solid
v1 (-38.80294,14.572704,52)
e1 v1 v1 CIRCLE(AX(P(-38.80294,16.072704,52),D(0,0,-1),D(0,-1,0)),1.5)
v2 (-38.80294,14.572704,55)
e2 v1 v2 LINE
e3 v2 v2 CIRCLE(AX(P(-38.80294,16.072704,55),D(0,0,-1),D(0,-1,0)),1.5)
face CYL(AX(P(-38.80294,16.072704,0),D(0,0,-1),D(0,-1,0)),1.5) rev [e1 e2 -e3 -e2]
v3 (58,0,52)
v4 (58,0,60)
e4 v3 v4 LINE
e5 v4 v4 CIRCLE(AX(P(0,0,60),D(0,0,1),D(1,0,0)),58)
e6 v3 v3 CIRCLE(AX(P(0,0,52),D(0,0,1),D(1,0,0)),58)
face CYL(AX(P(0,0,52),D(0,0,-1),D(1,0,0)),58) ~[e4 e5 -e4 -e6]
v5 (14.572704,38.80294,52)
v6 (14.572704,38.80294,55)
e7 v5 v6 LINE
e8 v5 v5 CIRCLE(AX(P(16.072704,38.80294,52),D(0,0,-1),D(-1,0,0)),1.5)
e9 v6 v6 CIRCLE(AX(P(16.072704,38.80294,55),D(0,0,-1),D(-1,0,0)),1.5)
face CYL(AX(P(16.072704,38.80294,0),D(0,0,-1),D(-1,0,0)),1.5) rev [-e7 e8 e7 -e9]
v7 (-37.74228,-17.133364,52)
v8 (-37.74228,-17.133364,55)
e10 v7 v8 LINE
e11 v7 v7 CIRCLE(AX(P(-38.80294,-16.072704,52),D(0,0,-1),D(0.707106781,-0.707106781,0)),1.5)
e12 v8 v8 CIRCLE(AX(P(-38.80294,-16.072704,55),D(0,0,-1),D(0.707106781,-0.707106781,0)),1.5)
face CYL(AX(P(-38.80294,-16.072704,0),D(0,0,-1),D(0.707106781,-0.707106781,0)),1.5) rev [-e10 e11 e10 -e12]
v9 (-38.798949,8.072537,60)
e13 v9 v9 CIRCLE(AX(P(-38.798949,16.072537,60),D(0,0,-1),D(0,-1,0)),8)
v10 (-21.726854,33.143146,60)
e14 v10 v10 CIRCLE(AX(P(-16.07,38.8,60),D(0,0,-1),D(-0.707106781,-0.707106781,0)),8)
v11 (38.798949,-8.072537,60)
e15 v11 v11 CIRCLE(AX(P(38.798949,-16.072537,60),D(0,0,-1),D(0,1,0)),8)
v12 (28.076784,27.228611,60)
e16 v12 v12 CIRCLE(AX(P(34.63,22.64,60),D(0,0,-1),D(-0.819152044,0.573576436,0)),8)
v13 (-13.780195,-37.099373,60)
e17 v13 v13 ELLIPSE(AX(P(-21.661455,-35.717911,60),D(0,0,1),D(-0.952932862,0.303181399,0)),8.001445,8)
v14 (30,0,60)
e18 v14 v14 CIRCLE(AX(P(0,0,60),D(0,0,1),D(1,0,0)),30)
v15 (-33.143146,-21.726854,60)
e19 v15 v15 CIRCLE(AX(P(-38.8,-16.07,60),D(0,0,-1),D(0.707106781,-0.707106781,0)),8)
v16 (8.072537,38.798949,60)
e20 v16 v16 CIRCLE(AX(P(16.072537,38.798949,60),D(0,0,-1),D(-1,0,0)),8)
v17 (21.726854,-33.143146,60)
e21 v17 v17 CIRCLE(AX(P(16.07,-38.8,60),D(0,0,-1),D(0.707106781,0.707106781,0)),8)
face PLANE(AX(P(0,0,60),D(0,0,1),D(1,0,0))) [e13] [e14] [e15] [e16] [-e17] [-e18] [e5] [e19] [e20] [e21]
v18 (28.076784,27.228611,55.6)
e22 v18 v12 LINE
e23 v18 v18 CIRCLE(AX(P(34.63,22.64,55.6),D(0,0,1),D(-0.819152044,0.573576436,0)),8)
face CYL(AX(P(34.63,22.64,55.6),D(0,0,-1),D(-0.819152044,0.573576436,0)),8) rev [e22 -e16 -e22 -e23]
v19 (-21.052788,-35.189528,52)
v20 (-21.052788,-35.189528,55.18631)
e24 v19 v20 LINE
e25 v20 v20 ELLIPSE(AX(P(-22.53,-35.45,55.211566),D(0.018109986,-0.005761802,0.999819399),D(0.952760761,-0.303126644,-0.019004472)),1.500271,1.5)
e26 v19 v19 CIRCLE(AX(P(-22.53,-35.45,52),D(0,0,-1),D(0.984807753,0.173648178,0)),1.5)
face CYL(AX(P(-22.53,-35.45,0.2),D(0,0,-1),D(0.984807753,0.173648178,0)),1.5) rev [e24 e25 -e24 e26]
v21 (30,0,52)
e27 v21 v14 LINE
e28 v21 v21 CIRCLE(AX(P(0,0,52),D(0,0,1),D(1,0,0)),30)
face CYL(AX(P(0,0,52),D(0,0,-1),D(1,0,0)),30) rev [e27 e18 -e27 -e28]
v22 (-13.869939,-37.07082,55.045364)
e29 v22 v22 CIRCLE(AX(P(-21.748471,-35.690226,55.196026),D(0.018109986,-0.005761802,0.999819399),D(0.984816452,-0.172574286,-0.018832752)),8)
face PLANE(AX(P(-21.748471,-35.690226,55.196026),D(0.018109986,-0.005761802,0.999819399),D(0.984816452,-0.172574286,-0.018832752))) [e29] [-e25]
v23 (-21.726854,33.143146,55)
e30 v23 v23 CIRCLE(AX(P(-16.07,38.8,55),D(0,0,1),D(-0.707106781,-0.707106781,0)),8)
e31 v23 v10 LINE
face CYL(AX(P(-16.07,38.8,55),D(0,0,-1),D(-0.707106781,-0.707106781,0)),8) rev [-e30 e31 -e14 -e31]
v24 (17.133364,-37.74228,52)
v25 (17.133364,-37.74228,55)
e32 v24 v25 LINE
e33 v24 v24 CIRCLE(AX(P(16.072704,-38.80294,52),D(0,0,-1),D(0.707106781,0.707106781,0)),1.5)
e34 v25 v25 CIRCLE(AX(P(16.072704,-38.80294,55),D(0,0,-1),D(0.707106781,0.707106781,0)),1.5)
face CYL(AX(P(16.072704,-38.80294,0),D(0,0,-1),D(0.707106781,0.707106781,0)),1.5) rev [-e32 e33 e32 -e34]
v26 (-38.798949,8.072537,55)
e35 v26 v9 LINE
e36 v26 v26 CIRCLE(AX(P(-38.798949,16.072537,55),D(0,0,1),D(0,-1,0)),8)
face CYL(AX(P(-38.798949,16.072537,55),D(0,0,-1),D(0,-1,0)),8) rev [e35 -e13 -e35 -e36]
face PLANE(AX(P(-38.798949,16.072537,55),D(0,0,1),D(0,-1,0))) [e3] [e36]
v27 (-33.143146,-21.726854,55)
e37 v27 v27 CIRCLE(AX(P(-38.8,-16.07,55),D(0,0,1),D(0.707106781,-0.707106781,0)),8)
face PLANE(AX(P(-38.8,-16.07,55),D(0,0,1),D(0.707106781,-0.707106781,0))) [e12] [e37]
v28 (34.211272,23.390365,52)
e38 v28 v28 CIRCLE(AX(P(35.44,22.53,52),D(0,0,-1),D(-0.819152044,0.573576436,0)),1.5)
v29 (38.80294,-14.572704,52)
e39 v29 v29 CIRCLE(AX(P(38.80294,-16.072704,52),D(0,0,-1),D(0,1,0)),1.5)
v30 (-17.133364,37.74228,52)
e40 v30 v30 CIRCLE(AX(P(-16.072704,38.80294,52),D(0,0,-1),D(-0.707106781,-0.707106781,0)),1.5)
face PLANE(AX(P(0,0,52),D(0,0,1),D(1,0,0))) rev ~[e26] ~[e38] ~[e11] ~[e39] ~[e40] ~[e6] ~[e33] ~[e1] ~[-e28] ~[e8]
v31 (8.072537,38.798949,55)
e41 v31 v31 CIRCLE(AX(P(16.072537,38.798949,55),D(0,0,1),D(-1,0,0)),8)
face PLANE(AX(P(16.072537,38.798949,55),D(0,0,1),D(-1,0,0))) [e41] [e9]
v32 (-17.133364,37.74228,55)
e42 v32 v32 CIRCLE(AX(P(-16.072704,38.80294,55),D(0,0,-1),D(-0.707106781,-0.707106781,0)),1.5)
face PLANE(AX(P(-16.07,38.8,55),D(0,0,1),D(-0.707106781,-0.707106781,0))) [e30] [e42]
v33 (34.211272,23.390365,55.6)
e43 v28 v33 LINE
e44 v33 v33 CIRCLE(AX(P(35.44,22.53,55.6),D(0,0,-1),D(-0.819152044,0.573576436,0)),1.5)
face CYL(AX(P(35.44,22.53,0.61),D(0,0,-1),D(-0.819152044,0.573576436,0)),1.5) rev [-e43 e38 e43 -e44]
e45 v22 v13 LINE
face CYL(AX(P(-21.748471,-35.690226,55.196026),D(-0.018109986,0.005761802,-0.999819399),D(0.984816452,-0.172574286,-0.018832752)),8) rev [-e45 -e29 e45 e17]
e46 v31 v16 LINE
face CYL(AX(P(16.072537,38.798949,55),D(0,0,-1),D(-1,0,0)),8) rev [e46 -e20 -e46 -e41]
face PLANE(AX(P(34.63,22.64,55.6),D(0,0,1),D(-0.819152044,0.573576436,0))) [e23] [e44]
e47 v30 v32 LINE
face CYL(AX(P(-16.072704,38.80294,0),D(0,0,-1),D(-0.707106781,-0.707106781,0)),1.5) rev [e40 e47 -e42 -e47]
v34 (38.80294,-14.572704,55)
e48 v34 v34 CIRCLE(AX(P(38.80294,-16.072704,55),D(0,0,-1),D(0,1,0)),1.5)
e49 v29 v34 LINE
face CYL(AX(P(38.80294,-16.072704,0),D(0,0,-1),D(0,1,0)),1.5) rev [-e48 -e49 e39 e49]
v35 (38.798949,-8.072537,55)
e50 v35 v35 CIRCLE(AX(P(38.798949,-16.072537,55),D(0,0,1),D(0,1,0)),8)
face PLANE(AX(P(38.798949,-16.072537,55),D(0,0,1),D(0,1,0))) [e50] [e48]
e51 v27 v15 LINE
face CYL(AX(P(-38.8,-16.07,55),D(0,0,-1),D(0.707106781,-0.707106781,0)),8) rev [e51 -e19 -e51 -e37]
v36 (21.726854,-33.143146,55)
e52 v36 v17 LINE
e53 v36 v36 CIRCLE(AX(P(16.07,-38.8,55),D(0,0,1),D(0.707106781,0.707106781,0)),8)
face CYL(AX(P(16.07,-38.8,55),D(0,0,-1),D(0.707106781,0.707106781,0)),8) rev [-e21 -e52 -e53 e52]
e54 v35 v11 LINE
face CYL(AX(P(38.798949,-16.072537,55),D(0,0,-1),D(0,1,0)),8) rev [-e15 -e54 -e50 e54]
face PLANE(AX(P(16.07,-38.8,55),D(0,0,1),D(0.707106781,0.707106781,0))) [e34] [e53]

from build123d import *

# Parameters (mm, degrees)
CYLINDER702_R               = 1.5
CYLINDER702_DEPTH           = 100
CYLINDER708_R               = 1.5
CYLINDER708_DEPTH           = 100
CYLINDER708_PLACEMENT_ANGLE = 145
CYLINDER699_R               = 1.5
CYLINDER699_DEPTH           = 100
CYLINDER707_R               = 1.5
CYLINDER707_DEPTH           = 100
CYLINDER707_PLACEMENT_ANGLE = 225
CYLINDER711_R               = 1.5
CYLINDER711_DEPTH           = 100
CYLINDER710_R               = 1.5
CYLINDER710_DEPTH           = 100
CYLINDER710_PLACEMENT_ANGLE = 45
CYLINDER701_R               = 1.5
CYLINDER701_DEPTH           = 100
CYLINDER701_PLACEMENT_ANGLE = 10
CYLINDER706_R               = 1.5
CYLINDER706_DEPTH           = 100
CYLINDER706_PLACEMENT_ANGLE = 45
CYLINDER713_R               = 8
CYLINDER713_DEPTH           = 18
CYLINDER704_R               = 8
CYLINDER704_DEPTH           = 18
CYLINDER704_PLACEMENT_ANGLE = 225
CYLINDER700_R               = 8
CYLINDER700_DEPTH           = 18
CYLINDER698_R               = 8
CYLINDER698_DEPTH           = 18
CYLINDER698_PLACEMENT_ANGLE = 145
CYLINDER712_R               = 8
CYLINDER712_DEPTH           = 18
CYLINDER709_R               = 8
CYLINDER709_DEPTH           = 18
CYLINDER709_PLACEMENT_ANGLE = 45
CYLINDER705_R               = 8
CYLINDER705_DEPTH           = 18
CYLINDER705_ROLL_ANGLE      = 0.146073
CYLINDER705_PITCH_ANGLE     = 1.079101
CYLINDER705_PLACEMENT_ANGLE = -9.939308
CYLINDER703_R               = 8
CYLINDER703_DEPTH           = 18
CYLINDER703_PLACEMENT_ANGLE = 45
TUBE076_R                   = 58
TUBE076_R_2                 = 30
TUBE076_DEPTH               = 8


with BuildPart() as v_lec702:
    # Cylinder702 → Cylinder702 (new body)
    with BuildSketch(Plane(origin=(38.80294, -16.072704, 0), x_dir=(0, 1, 0), z_dir=(0, 0, 1))):
        Circle(CYLINDER702_R)
    extrude(amount=CYLINDER702_DEPTH)


with BuildPart() as v_lec708:
    # Cylinder708 → Cylinder708 (new body)
    with BuildSketch(Plane.XY):
        Circle(CYLINDER708_R)
    extrude(amount=CYLINDER708_DEPTH)


with BuildPart() as v_lec708_1:
    # Cylinder708 placement: moved
    add(v_lec708.part.moved(Location((35.44, 22.53, 0.61))).rotate(Axis((35.44, 22.53, 0.61), (0, 0, 1)), CYLINDER708_PLACEMENT_ANGLE))


with BuildPart() as v_lec699:
    # Cylinder699 → Cylinder699 (new body)
    with BuildSketch(Plane(origin=(16.072704, 38.80294, 0), x_dir=(-1, 0, 0), z_dir=(0, 0, 1))):
        Circle(CYLINDER699_R)
    extrude(amount=CYLINDER699_DEPTH)


with BuildPart() as v_lec707:
    # Cylinder707 → Cylinder707 (new body)
    with BuildSketch(Plane.XY):
        Circle(CYLINDER707_R)
    extrude(amount=CYLINDER707_DEPTH)


with BuildPart() as v_lec707_1:
    # Cylinder707 placement: moved
    add(v_lec707.part.moved(Location((-16.072704, 38.80294, 0))).rotate(Axis((-16.072704, 38.80294, 0), (0, 0, 1)), CYLINDER707_PLACEMENT_ANGLE))


with BuildPart() as v_lec711:
    # Cylinder711 → Cylinder711 (new body)
    with BuildSketch(Plane(origin=(-38.80294, 16.072704, 0), x_dir=(0, -1, 0), z_dir=(0, 0, 1))):
        Circle(CYLINDER711_R)
    extrude(amount=CYLINDER711_DEPTH)


with BuildPart() as v_lec710:
    # Cylinder710 → Cylinder710 (new body)
    with BuildSketch(Plane.XY):
        Circle(CYLINDER710_R)
    extrude(amount=CYLINDER710_DEPTH)


with BuildPart() as v_lec710_1:
    # Cylinder710 placement: moved
    add(v_lec710.part.moved(Location((-38.80294, -16.072704, 0))).rotate(Axis((-38.80294, -16.072704, 0), (0, 0, -1)), CYLINDER710_PLACEMENT_ANGLE))


with BuildPart() as v_lec701:
    # Cylinder701 → Cylinder701 (new body)
    with BuildSketch(Plane.XY):
        Circle(CYLINDER701_R)
    extrude(amount=CYLINDER701_DEPTH)


with BuildPart() as v_lec701_1:
    # Cylinder701 placement: moved
    add(v_lec701.part.moved(Location((-22.53, -35.45, 0.2))).rotate(Axis((-22.53, -35.45, 0.2), (0, 0, 1)), CYLINDER701_PLACEMENT_ANGLE))


with BuildPart() as compound697:
    # Cylinder706 → Cylinder706 (new body)
    with BuildSketch(Plane.XY):
        Circle(CYLINDER706_R)
    extrude(amount=CYLINDER706_DEPTH)


with BuildPart() as compound697_1:
    # Cylinder706 placement: moved
    add(compound697.part.moved(Location((16.072704, -38.80294, 0))).rotate(Axis((16.072704, -38.80294, 0), (0, 0, 1)), CYLINDER706_PLACEMENT_ANGLE))

    # Compound697: union Válec702, Válec708, Válec699, Válec707, Válec711, Válec710, Válec701
    add(v_lec702.part)
    add(v_lec708_1.part)
    add(v_lec699.part)
    add(v_lec707_1.part)
    add(v_lec711.part)
    add(v_lec710_1.part)
    add(v_lec701_1.part)


with BuildPart() as v_lec713:
    # Cylinder713 → Cylinder713 (new body)
    with BuildSketch(Plane(origin=(-38.798949, 16.072537, 43), x_dir=(0, -1, 0), z_dir=(0, 0, 1))):
        Circle(CYLINDER713_R)
    extrude(amount=CYLINDER713_DEPTH)


with BuildPart() as v_lec704:
    # Cylinder704 → Cylinder704 (new body)
    with BuildSketch(Plane.XY):
        Circle(CYLINDER704_R)
    extrude(amount=CYLINDER704_DEPTH)


with BuildPart() as v_lec704_1:
    # Cylinder704 placement: moved
    add(v_lec704.part.moved(Location((-16.07, 38.8, 43))).rotate(Axis((-16.07, 38.8, 43), (0, 0, 1)), CYLINDER704_PLACEMENT_ANGLE))


with BuildPart() as v_lec700:
    # Cylinder700 → Cylinder700 (new body)
    with BuildSketch(Plane(origin=(16.072537, 38.798949, 43), x_dir=(-1, 0, 0), z_dir=(0, 0, 1))):
        Circle(CYLINDER700_R)
    extrude(amount=CYLINDER700_DEPTH)


with BuildPart() as v_lec698:
    # Cylinder698 → Cylinder698 (new body)
    with BuildSketch(Plane.XY):
        Circle(CYLINDER698_R)
    extrude(amount=CYLINDER698_DEPTH)


with BuildPart() as v_lec698_1:
    # Cylinder698 placement: moved
    add(v_lec698.part.moved(Location((34.63, 22.64, 43.6))).rotate(Axis((34.63, 22.64, 43.6), (0, 0, 1)), CYLINDER698_PLACEMENT_ANGLE))


with BuildPart() as v_lec712:
    # Cylinder712 → Cylinder712 (new body)
    with BuildSketch(Plane(origin=(38.798949, -16.072537, 43), x_dir=(0, 1, 0), z_dir=(0, 0, 1))):
        Circle(CYLINDER712_R)
    extrude(amount=CYLINDER712_DEPTH)


with BuildPart() as v_lec709:
    # Cylinder709 → Cylinder709 (new body)
    with BuildSketch(Plane.XY):
        Circle(CYLINDER709_R)
    extrude(amount=CYLINDER709_DEPTH)


with BuildPart() as v_lec709_1:
    # Cylinder709 placement: moved
    add(v_lec709.part.moved(Location((16.07, -38.8, 43))).rotate(Axis((16.07, -38.8, 43), (0, 0, 1)), CYLINDER709_PLACEMENT_ANGLE))


with BuildPart() as v_lec705:
    # Cylinder705 → Cylinder705 (new body)
    with BuildSketch(Plane.XY):
        Circle(CYLINDER705_R)
    extrude(amount=CYLINDER705_DEPTH)


with BuildPart() as v_lec705_1:
    # Cylinder705 roll: moved
    add(v_lec705.part.rotate(Axis((0, 0, 0), (1, 0, 0)), CYLINDER705_ROLL_ANGLE))


with BuildPart() as v_lec705_2:
    # Cylinder705 pitch: moved
    add(v_lec705_1.part.rotate(Axis((0, 0, 0), (0, 1, 0)), CYLINDER705_PITCH_ANGLE))


with BuildPart() as v_lec705_3:
    # Cylinder705 placement: moved
    add(v_lec705_2.part.moved(Location((-21.748471, -35.690226, 43.196026))).rotate(Axis((-21.748471, -35.690226, 43.196026), (0, 0, 1)), CYLINDER705_PLACEMENT_ANGLE))


with BuildPart() as compound698:
    # Cylinder703 → Cylinder703 (new body)
    with BuildSketch(Plane.XY):
        Circle(CYLINDER703_R)
    extrude(amount=CYLINDER703_DEPTH)


with BuildPart() as compound698_1:
    # Cylinder703 placement: moved
    add(compound698.part.moved(Location((-38.8, -16.07, 43))).rotate(Axis((-38.8, -16.07, 43), (0, 0, -1)), CYLINDER703_PLACEMENT_ANGLE))

    # Compound698: union Válec713, Válec704, Válec700, Válec698, Válec712, Válec709, Válec705
    add(v_lec713.part)
    add(v_lec704_1.part)
    add(v_lec700.part)
    add(v_lec698_1.part)
    add(v_lec712.part)
    add(v_lec709_1.part)
    add(v_lec705_3.part)


with BuildPart() as compound698_2:
    # Compound698 placement: moved
    add(compound698_1.part.moved(Location((0, 0, 12))))


with BuildPart() as bazovina_part_f_dirovina002:
    # Tube076 → Tube076 (new body)
    with BuildSketch(Plane.XY.offset(52)):
        Circle(TUBE076_R)
        Circle(TUBE076_R_2, mode=Mode.SUBTRACT)
    extrude(amount=TUBE076_DEPTH)

    # Cut318: cut Compound698
    add(compound698_2.part, mode=Mode.SUBTRACT)

    # Cut319: cut Compound697
    add(compound697_1.part, mode=Mode.SUBTRACT)


solid = bazovina_part_f_dirovina002.part
